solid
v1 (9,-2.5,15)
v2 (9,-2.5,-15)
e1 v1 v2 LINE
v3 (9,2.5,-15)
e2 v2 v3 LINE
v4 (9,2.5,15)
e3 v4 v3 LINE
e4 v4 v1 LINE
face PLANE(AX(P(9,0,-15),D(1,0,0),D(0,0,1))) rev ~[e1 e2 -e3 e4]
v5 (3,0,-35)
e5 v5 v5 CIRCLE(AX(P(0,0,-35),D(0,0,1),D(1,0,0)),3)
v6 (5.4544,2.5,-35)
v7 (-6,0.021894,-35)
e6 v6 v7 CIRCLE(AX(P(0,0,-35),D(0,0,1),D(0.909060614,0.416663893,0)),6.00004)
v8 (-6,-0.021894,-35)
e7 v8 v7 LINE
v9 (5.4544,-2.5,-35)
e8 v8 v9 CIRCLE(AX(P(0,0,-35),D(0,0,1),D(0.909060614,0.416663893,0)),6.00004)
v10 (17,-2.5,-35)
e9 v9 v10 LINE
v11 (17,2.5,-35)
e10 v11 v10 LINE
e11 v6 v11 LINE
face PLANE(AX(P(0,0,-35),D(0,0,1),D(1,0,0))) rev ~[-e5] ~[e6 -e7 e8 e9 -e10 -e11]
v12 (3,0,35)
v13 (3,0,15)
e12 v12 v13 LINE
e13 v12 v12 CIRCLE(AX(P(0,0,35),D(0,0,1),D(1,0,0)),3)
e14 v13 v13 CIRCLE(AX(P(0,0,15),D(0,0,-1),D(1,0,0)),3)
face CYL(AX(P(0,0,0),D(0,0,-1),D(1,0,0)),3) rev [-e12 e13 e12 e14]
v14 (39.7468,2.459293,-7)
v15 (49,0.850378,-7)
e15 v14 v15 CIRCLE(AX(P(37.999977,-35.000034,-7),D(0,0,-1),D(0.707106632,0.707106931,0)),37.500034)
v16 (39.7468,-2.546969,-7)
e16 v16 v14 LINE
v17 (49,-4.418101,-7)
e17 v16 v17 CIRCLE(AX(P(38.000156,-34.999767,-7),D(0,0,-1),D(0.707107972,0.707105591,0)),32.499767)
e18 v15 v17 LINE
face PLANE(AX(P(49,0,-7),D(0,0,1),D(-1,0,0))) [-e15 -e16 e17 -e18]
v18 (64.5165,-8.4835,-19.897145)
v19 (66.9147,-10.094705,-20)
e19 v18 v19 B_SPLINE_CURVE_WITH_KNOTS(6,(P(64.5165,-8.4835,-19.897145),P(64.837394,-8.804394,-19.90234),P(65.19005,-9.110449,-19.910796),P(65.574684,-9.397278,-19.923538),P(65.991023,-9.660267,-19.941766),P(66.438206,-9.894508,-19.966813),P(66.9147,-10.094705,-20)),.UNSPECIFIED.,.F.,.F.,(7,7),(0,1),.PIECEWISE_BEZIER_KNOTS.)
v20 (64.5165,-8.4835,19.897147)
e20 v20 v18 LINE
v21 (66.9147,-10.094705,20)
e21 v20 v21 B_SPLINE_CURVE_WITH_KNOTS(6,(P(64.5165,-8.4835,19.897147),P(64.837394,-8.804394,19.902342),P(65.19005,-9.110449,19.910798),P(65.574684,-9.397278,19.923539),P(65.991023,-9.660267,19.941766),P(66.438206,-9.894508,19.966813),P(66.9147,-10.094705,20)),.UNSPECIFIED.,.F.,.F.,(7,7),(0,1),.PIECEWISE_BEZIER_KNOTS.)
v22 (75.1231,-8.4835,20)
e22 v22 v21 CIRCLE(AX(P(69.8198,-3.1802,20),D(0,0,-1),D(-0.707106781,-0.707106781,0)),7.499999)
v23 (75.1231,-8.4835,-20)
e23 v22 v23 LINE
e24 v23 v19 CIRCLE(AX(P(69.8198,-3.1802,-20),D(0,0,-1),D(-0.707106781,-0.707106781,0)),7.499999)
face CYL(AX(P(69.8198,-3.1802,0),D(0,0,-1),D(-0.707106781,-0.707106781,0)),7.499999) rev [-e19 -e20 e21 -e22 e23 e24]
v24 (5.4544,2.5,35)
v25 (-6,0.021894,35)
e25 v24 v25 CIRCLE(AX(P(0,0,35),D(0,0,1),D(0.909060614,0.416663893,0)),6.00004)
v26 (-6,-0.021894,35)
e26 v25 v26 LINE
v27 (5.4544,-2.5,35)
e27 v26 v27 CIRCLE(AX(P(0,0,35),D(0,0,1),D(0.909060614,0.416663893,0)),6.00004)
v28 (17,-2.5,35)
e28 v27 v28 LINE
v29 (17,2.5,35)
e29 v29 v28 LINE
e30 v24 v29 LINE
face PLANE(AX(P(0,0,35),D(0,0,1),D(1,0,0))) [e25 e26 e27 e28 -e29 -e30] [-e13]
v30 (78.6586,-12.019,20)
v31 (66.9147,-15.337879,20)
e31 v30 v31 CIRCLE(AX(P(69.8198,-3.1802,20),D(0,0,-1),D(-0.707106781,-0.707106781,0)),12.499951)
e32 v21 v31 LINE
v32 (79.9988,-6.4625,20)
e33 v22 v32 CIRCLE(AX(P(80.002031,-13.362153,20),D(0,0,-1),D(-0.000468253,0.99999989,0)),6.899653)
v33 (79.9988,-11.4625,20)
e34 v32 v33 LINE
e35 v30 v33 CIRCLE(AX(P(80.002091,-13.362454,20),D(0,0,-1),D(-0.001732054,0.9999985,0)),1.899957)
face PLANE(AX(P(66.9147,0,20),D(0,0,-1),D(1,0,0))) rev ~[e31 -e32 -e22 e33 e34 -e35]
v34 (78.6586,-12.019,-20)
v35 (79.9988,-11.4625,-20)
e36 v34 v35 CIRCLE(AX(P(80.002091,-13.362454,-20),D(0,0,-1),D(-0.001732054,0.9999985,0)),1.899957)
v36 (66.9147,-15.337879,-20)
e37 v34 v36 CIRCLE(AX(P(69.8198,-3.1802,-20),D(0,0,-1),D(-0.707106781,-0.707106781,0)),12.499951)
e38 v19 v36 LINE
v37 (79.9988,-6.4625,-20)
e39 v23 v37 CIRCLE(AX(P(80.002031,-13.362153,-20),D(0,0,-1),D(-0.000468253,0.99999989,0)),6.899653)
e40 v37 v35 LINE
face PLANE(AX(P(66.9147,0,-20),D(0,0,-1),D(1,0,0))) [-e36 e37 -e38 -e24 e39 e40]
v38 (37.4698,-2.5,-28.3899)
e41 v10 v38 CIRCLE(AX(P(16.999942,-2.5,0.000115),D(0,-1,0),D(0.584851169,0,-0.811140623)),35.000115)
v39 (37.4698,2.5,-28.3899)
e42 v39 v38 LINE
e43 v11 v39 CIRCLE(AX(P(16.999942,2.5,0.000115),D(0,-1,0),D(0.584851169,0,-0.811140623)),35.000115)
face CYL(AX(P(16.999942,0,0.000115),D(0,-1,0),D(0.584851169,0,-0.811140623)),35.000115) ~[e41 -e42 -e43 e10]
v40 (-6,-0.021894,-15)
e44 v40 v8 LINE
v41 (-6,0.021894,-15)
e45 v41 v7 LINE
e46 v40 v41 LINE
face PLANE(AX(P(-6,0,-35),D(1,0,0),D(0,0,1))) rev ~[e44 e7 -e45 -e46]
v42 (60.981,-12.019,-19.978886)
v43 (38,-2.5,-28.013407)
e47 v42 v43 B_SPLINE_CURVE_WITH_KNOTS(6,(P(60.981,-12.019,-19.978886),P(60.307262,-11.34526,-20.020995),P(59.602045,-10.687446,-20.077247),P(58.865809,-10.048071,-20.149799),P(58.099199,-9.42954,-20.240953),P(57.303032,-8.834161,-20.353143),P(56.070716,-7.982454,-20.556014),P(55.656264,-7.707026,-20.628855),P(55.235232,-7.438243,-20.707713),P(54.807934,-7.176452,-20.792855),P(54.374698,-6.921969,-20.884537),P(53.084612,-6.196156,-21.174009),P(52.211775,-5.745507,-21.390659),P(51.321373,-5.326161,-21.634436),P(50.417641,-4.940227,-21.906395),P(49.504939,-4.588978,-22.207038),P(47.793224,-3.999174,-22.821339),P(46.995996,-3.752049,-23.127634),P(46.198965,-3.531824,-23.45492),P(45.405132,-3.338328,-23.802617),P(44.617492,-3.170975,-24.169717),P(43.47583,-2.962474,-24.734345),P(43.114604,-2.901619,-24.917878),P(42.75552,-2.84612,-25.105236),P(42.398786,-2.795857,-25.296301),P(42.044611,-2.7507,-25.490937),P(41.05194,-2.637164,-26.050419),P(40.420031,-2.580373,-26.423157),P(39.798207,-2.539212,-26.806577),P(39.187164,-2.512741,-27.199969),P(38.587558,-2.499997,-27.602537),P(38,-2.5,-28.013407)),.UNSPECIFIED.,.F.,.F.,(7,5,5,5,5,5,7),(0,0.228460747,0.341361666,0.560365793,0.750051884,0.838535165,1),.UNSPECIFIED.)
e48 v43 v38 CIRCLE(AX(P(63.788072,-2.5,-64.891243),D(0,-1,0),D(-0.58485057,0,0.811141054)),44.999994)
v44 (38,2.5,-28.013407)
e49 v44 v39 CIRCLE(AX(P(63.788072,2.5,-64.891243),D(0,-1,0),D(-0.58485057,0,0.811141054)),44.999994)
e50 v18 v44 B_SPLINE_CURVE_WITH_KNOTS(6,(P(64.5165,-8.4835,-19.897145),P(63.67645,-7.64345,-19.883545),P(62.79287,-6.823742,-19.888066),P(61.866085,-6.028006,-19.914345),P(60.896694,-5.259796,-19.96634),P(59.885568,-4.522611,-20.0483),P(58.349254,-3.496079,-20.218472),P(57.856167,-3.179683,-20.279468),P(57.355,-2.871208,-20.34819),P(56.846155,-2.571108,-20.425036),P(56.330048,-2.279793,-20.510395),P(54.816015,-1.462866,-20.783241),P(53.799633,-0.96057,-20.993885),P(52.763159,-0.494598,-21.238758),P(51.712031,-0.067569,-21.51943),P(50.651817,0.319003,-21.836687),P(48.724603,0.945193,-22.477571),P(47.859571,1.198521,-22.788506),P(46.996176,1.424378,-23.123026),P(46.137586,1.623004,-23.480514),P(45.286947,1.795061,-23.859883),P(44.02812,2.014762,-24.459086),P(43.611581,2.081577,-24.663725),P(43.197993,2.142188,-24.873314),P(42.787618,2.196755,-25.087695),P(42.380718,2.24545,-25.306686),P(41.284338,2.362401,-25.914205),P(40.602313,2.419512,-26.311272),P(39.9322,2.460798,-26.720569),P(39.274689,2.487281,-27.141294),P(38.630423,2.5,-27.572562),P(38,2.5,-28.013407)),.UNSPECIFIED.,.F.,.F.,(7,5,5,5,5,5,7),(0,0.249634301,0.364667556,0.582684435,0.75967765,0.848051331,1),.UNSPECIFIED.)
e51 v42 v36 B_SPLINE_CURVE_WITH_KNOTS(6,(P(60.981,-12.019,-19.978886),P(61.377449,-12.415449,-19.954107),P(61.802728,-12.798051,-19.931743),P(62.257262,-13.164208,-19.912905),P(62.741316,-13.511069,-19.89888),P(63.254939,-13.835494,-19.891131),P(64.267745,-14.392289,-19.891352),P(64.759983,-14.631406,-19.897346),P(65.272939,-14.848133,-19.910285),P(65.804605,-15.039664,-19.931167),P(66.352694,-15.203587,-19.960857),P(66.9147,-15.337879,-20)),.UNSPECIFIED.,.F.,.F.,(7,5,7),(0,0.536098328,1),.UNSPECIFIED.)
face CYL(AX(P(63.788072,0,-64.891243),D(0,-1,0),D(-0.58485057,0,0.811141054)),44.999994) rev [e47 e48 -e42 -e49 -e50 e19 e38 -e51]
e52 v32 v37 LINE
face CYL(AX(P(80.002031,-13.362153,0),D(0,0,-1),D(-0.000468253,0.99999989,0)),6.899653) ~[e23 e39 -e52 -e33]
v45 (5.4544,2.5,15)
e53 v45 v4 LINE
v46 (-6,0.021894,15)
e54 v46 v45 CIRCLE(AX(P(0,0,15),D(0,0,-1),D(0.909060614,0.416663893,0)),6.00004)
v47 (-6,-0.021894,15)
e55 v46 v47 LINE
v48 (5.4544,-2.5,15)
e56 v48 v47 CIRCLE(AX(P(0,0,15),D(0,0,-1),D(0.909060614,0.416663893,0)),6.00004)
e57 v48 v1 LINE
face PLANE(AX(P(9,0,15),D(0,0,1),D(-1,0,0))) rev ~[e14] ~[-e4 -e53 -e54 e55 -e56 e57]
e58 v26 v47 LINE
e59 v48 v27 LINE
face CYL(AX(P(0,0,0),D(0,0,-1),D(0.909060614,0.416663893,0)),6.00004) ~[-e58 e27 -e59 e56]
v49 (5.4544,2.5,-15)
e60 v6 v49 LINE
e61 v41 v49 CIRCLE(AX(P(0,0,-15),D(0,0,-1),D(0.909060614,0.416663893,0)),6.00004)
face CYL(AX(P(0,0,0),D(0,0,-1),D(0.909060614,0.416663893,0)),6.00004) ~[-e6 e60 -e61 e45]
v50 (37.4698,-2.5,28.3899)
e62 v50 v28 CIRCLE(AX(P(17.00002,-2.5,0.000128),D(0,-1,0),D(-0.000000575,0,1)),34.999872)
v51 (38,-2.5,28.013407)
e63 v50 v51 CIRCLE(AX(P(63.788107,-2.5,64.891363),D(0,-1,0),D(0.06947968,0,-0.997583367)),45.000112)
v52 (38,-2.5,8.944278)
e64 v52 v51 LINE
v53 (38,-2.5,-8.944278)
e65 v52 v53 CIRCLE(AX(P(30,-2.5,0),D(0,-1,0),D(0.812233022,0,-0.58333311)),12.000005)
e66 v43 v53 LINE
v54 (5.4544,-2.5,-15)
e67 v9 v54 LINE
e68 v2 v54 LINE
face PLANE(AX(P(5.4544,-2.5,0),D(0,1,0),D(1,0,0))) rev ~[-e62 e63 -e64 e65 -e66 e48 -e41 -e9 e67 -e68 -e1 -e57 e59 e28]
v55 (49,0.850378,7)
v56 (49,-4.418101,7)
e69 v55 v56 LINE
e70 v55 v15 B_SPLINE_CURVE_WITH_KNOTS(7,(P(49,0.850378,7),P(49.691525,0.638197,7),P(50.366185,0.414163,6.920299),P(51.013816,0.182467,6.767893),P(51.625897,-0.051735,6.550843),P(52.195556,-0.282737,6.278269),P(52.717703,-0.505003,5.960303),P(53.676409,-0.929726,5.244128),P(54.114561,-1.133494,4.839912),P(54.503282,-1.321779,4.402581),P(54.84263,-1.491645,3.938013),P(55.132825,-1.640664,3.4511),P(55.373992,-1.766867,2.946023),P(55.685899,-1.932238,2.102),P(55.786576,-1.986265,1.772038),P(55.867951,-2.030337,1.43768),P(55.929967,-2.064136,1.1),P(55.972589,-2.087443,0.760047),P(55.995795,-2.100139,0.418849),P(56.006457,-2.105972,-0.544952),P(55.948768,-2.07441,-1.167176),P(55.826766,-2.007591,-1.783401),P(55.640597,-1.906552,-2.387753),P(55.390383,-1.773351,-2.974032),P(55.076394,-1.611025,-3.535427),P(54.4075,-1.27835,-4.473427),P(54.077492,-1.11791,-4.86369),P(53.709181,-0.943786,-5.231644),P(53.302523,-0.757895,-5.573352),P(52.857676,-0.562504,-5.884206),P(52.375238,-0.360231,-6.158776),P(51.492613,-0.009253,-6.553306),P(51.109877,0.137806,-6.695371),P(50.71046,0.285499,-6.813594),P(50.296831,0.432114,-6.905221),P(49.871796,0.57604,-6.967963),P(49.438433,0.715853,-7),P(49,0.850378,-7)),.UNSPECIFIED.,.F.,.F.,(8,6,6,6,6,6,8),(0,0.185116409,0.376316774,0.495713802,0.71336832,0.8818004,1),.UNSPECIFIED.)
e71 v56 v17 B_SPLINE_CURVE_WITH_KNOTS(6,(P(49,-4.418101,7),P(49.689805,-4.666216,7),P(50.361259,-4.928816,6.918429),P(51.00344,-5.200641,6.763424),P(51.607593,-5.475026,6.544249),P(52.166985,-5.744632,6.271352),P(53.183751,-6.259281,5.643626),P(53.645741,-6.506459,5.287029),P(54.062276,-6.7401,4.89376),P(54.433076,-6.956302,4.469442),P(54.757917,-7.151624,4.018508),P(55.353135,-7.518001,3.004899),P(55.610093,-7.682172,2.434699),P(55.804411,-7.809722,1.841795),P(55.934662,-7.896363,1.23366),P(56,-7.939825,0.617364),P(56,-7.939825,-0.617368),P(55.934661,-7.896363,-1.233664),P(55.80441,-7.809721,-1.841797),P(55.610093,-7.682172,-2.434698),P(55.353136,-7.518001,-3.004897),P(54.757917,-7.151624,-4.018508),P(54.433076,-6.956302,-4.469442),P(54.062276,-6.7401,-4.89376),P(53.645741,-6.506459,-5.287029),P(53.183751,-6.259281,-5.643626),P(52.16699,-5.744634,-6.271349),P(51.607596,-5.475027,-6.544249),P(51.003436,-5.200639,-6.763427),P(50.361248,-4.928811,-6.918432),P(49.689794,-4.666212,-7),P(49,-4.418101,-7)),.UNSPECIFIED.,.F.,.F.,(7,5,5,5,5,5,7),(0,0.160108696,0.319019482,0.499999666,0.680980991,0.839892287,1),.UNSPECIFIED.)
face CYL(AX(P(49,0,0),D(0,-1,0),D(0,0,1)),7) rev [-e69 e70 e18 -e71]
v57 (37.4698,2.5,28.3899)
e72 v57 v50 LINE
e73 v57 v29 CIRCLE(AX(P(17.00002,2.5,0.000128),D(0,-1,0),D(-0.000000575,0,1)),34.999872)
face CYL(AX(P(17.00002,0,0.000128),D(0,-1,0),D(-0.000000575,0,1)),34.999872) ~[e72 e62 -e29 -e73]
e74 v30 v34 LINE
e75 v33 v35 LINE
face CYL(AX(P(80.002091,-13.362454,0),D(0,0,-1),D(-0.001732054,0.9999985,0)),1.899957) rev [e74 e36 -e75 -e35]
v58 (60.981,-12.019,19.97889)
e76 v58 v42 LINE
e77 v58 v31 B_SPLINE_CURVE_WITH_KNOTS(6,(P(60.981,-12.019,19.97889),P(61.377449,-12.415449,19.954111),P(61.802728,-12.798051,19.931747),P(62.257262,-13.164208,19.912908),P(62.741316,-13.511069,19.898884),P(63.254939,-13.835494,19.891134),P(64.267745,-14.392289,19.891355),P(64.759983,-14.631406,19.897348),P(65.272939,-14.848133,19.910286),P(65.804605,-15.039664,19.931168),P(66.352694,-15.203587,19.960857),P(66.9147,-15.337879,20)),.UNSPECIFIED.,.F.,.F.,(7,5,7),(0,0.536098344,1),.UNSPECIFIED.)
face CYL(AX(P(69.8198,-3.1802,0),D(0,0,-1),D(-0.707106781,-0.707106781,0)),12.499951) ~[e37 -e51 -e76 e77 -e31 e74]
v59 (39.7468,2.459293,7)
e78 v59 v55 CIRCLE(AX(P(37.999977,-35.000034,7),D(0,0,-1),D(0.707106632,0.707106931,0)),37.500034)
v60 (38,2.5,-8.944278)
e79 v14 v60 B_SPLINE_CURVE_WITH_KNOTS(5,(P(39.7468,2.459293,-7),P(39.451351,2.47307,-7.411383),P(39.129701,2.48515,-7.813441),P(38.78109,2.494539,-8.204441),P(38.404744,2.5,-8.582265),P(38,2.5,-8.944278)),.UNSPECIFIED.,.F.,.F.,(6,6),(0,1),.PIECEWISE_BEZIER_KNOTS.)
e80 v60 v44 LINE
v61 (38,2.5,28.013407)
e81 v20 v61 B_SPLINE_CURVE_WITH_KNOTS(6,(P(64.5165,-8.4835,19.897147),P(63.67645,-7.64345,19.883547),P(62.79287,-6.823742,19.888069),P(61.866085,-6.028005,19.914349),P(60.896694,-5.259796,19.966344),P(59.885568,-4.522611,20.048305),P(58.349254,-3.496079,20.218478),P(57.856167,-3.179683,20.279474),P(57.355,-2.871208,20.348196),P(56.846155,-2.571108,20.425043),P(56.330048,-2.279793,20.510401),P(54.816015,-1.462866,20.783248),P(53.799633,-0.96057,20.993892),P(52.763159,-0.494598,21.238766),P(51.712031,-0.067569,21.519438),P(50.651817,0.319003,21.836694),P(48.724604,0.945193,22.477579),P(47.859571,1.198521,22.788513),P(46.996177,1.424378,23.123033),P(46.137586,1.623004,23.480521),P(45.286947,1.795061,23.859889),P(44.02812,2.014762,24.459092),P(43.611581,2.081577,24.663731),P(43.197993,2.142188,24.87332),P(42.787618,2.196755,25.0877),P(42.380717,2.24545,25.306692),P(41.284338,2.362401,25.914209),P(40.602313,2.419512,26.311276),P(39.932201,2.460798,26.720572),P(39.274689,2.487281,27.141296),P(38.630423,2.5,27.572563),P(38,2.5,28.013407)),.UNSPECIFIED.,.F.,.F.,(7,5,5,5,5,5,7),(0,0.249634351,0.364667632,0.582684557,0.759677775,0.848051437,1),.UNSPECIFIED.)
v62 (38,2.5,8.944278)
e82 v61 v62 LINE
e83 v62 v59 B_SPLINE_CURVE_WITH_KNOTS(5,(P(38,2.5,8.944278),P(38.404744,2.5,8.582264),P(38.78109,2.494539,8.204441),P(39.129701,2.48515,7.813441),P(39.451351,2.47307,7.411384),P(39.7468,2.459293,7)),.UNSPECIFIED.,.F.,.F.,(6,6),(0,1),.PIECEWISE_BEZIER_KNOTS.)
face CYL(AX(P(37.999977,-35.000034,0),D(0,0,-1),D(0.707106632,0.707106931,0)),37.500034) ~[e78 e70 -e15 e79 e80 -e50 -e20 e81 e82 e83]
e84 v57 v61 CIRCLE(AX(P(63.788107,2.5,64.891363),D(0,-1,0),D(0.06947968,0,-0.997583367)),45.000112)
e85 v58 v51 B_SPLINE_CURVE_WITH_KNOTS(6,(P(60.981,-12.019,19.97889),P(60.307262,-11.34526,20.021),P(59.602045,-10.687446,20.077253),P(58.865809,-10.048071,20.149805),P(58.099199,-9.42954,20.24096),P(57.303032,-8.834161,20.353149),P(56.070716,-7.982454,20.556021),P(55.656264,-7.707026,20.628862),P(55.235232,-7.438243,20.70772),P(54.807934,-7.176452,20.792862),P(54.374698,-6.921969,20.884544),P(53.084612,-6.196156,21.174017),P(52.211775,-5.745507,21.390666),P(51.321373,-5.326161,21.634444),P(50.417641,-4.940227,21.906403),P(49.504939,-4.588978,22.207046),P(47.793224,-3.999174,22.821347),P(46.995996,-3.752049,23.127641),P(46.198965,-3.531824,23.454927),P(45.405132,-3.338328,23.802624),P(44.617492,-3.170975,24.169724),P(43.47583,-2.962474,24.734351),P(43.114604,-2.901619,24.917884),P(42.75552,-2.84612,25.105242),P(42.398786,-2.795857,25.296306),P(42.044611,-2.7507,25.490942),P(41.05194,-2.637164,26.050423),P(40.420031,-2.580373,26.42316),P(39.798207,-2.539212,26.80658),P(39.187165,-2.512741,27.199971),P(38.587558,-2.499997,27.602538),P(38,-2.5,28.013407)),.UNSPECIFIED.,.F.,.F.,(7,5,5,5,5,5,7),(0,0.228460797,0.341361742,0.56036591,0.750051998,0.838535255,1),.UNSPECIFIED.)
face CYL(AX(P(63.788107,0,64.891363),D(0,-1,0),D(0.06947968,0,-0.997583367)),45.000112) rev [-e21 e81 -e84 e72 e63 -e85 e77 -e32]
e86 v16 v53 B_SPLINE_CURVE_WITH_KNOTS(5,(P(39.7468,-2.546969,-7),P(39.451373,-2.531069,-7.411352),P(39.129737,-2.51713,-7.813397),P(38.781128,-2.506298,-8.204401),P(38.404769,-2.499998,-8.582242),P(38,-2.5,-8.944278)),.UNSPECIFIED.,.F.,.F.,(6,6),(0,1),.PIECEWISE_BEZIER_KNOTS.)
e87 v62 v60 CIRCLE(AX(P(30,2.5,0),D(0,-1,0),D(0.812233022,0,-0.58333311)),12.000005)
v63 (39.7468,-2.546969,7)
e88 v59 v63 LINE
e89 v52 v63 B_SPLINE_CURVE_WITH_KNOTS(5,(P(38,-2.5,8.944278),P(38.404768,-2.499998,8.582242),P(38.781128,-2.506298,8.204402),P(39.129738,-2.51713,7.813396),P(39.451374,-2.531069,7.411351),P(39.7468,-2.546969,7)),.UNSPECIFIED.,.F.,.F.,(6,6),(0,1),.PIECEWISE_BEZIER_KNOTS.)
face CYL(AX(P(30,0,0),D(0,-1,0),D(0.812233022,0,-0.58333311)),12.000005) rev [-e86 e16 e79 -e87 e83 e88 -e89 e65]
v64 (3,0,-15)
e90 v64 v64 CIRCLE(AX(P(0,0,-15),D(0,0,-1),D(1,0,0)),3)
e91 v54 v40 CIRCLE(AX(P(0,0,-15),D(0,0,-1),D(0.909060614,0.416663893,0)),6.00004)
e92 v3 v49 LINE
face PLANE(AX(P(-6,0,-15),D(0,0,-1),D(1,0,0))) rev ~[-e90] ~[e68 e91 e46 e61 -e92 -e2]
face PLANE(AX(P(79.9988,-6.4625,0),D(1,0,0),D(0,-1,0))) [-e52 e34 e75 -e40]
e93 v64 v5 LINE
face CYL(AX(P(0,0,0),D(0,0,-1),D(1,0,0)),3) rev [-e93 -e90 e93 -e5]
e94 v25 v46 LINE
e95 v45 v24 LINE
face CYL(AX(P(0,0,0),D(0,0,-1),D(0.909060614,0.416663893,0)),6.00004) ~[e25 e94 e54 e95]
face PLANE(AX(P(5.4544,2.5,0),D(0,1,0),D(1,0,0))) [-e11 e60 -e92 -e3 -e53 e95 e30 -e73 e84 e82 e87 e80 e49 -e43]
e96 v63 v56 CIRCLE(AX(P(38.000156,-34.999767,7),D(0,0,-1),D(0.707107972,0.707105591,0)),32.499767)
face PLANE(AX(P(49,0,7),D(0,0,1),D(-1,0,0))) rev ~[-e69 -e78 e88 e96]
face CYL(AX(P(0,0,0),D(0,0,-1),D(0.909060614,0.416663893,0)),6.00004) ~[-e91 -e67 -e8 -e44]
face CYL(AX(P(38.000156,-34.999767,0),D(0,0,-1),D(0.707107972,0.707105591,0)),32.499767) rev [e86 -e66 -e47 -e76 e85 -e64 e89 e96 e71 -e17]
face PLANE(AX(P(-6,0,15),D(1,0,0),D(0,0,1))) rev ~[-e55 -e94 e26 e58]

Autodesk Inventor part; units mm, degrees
ref_plane "YZ Plane" through (0, 0, 0) normal (1, 0, 0) x (0, 1, 0)
ref_plane "XZ Plane" through (0, 0, 0) normal (0, 1, 0) x (-1, 0, 0)
ref_plane "XY Plane" through (0, 0, 0) normal (0, 0, 1) x (1, 0, 0)
sketch "Sketch1" plane through (0, 0, 0) normal (0, 0, 1) x (1, 0, 0)
  line L0 (0, 0) -> (38, 0) construction
  arc A0 (62.7487, -10.2513) -> (38, 0) centre (38, -35) ccw construction
  arc A1 (62.7487, -10.2513) -> (76.8909, -10.2513) centre (69.8198, -3.1802) ccw construction
  arc A2 (80, -8.9625) -> (76.8909, -10.2513) centre (80.0021, -13.3625) ccw construction
  line L1 (38, 0) -> (38, -35) construction
  line L2 (38, -35) -> (69.8198, -3.1802) construction
  line L3 (69.8198, -3.1802) -> (80.0021, -13.3625) construction
  line L4 (5.4544, 2.5) -> (38, 2.5)
  arc A3 (64.5165, -8.4835) -> (38, 2.5) centre (38, -35) ccw
  arc A4 (64.5165, -8.4835) -> (75.1231, -8.4835) centre (69.8198, -3.1802) ccw
  arc A5 (79.9988, -6.4625) -> (75.1231, -8.4835) centre (80.0021, -13.3625) ccw
  arc A6 (60.981, -12.019) -> (38, -2.5) centre (38, -35) ccw
  arc A7 (60.981, -12.019) -> (78.6586, -12.019) centre (69.8198, -3.1802) ccw
  arc A8 (79.9988, -11.4625) -> (78.6586, -12.019) centre (80.0021, -13.3625) ccw
  line L5 (79.9988, -6.4625) -> (79.9988, -11.4625)
  arc A9 (5.4544, 2.5) -> (5.4544, -2.5) centre (0, 0) ccw
  circle A10 centre (0, 0) radius 3
  line L6 (5.4544, -2.5) -> (38, -2.5)
  dimension "d0" = 38
  dimension "d1" = 35
  dimension "d2" = 10
  dimension "d3" = 4.4
  dimension "d4" = 45
  dimension "d5" = 80
  dimension "d6" = 2.5
  dimension "d8" = 12
  dimension "d9" = 6
extrude "Extrusion1" add sketch "Sketch1" along normal mid plane 70
fillet "Fillet1" radius 3 2 edges at (79.9988, -8.9625, 35) (79.9988, -8.9625, -35)
sketch "Sketch2" plane through (0, 0, 0) normal (0, 1, 0) x (-1, 0, 0)
  line L0 (6, -35) -> (6, 35) projected
  line L1 (-79.9988, -32) -> (-79.9988, 32) projected
  line L2 (23.2007, 0) -> (-97.2041, 0) construction
  line L3 (6, 35) -> (-5.4544, 35) construction
  line L4 (6, 35) -> (-17, 35)
  arc A0 (-17, 35) -> (-37.4698, 28.3899) centre (-17, 0) ccw
  arc A1 (-66.9147, 20) -> (-37.4698, 28.3899) centre (-63.7881, 64.8913) ccw
  line L5 (-66.9147, 20) -> (-79.9988, 20)
  line L6 (6, -35) -> (-17, -35)
  arc A2 (-37.4698, -28.3899) -> (-17, -35) centre (-17, 0) ccw
  arc A3 (-37.4698, -28.3899) -> (-66.9147, -20) centre (-63.7881, -64.8913) ccw
  line L7 (-66.9147, -20) -> (-79.9988, -20)
  line L8 (-79.9988, -20) -> (-79.9988, 20) construction
  line L9 (-79.9988, -20) -> (-79.9988, 20)
  line L10 (6, -35) -> (6, -15)
  line L11 (6, -15) -> (-9, -15)
  line L12 (-9, -15) -> (-9, 15)
  line L13 (-9, 15) -> (6, 15)
  line L14 (6, 15) -> (6, 35)
  arc A4 (-39.7468, -7) -> (-39.7468, 7) centre (-30, 0) ccw
  arc A5 (-49, 7) -> (-49, -7) centre (-49, 0) ccw
  line L15 (-49, -7) -> (-39.7468, -7)
  line L16 (-49, 7) -> (-39.7468, 7)
  point P0 (0, 0)
  point P1 (6, 0)
  point P2 (-9, 0)
  dimension "d13" = 17
  dimension "d14" = 35
  dimension "d15" = 40
  dimension "d16" = 45
  dimension "d17" = 30
  dimension "d18" = 15
  dimension "d19" = 12
  dimension "d20" = 7
  dimension "d21" = 30
  dimension "d22" = 19
extrude "Extrusion2" cut sketch "Sketch2" along normal mid plane 70 contours L6 A2 A3 L7 L1 L5 A1 A0 L4 L0 L13 L12 L11 keep common part
properties part number "Part017. Tilting clamo" material "Steel, Carbon"
